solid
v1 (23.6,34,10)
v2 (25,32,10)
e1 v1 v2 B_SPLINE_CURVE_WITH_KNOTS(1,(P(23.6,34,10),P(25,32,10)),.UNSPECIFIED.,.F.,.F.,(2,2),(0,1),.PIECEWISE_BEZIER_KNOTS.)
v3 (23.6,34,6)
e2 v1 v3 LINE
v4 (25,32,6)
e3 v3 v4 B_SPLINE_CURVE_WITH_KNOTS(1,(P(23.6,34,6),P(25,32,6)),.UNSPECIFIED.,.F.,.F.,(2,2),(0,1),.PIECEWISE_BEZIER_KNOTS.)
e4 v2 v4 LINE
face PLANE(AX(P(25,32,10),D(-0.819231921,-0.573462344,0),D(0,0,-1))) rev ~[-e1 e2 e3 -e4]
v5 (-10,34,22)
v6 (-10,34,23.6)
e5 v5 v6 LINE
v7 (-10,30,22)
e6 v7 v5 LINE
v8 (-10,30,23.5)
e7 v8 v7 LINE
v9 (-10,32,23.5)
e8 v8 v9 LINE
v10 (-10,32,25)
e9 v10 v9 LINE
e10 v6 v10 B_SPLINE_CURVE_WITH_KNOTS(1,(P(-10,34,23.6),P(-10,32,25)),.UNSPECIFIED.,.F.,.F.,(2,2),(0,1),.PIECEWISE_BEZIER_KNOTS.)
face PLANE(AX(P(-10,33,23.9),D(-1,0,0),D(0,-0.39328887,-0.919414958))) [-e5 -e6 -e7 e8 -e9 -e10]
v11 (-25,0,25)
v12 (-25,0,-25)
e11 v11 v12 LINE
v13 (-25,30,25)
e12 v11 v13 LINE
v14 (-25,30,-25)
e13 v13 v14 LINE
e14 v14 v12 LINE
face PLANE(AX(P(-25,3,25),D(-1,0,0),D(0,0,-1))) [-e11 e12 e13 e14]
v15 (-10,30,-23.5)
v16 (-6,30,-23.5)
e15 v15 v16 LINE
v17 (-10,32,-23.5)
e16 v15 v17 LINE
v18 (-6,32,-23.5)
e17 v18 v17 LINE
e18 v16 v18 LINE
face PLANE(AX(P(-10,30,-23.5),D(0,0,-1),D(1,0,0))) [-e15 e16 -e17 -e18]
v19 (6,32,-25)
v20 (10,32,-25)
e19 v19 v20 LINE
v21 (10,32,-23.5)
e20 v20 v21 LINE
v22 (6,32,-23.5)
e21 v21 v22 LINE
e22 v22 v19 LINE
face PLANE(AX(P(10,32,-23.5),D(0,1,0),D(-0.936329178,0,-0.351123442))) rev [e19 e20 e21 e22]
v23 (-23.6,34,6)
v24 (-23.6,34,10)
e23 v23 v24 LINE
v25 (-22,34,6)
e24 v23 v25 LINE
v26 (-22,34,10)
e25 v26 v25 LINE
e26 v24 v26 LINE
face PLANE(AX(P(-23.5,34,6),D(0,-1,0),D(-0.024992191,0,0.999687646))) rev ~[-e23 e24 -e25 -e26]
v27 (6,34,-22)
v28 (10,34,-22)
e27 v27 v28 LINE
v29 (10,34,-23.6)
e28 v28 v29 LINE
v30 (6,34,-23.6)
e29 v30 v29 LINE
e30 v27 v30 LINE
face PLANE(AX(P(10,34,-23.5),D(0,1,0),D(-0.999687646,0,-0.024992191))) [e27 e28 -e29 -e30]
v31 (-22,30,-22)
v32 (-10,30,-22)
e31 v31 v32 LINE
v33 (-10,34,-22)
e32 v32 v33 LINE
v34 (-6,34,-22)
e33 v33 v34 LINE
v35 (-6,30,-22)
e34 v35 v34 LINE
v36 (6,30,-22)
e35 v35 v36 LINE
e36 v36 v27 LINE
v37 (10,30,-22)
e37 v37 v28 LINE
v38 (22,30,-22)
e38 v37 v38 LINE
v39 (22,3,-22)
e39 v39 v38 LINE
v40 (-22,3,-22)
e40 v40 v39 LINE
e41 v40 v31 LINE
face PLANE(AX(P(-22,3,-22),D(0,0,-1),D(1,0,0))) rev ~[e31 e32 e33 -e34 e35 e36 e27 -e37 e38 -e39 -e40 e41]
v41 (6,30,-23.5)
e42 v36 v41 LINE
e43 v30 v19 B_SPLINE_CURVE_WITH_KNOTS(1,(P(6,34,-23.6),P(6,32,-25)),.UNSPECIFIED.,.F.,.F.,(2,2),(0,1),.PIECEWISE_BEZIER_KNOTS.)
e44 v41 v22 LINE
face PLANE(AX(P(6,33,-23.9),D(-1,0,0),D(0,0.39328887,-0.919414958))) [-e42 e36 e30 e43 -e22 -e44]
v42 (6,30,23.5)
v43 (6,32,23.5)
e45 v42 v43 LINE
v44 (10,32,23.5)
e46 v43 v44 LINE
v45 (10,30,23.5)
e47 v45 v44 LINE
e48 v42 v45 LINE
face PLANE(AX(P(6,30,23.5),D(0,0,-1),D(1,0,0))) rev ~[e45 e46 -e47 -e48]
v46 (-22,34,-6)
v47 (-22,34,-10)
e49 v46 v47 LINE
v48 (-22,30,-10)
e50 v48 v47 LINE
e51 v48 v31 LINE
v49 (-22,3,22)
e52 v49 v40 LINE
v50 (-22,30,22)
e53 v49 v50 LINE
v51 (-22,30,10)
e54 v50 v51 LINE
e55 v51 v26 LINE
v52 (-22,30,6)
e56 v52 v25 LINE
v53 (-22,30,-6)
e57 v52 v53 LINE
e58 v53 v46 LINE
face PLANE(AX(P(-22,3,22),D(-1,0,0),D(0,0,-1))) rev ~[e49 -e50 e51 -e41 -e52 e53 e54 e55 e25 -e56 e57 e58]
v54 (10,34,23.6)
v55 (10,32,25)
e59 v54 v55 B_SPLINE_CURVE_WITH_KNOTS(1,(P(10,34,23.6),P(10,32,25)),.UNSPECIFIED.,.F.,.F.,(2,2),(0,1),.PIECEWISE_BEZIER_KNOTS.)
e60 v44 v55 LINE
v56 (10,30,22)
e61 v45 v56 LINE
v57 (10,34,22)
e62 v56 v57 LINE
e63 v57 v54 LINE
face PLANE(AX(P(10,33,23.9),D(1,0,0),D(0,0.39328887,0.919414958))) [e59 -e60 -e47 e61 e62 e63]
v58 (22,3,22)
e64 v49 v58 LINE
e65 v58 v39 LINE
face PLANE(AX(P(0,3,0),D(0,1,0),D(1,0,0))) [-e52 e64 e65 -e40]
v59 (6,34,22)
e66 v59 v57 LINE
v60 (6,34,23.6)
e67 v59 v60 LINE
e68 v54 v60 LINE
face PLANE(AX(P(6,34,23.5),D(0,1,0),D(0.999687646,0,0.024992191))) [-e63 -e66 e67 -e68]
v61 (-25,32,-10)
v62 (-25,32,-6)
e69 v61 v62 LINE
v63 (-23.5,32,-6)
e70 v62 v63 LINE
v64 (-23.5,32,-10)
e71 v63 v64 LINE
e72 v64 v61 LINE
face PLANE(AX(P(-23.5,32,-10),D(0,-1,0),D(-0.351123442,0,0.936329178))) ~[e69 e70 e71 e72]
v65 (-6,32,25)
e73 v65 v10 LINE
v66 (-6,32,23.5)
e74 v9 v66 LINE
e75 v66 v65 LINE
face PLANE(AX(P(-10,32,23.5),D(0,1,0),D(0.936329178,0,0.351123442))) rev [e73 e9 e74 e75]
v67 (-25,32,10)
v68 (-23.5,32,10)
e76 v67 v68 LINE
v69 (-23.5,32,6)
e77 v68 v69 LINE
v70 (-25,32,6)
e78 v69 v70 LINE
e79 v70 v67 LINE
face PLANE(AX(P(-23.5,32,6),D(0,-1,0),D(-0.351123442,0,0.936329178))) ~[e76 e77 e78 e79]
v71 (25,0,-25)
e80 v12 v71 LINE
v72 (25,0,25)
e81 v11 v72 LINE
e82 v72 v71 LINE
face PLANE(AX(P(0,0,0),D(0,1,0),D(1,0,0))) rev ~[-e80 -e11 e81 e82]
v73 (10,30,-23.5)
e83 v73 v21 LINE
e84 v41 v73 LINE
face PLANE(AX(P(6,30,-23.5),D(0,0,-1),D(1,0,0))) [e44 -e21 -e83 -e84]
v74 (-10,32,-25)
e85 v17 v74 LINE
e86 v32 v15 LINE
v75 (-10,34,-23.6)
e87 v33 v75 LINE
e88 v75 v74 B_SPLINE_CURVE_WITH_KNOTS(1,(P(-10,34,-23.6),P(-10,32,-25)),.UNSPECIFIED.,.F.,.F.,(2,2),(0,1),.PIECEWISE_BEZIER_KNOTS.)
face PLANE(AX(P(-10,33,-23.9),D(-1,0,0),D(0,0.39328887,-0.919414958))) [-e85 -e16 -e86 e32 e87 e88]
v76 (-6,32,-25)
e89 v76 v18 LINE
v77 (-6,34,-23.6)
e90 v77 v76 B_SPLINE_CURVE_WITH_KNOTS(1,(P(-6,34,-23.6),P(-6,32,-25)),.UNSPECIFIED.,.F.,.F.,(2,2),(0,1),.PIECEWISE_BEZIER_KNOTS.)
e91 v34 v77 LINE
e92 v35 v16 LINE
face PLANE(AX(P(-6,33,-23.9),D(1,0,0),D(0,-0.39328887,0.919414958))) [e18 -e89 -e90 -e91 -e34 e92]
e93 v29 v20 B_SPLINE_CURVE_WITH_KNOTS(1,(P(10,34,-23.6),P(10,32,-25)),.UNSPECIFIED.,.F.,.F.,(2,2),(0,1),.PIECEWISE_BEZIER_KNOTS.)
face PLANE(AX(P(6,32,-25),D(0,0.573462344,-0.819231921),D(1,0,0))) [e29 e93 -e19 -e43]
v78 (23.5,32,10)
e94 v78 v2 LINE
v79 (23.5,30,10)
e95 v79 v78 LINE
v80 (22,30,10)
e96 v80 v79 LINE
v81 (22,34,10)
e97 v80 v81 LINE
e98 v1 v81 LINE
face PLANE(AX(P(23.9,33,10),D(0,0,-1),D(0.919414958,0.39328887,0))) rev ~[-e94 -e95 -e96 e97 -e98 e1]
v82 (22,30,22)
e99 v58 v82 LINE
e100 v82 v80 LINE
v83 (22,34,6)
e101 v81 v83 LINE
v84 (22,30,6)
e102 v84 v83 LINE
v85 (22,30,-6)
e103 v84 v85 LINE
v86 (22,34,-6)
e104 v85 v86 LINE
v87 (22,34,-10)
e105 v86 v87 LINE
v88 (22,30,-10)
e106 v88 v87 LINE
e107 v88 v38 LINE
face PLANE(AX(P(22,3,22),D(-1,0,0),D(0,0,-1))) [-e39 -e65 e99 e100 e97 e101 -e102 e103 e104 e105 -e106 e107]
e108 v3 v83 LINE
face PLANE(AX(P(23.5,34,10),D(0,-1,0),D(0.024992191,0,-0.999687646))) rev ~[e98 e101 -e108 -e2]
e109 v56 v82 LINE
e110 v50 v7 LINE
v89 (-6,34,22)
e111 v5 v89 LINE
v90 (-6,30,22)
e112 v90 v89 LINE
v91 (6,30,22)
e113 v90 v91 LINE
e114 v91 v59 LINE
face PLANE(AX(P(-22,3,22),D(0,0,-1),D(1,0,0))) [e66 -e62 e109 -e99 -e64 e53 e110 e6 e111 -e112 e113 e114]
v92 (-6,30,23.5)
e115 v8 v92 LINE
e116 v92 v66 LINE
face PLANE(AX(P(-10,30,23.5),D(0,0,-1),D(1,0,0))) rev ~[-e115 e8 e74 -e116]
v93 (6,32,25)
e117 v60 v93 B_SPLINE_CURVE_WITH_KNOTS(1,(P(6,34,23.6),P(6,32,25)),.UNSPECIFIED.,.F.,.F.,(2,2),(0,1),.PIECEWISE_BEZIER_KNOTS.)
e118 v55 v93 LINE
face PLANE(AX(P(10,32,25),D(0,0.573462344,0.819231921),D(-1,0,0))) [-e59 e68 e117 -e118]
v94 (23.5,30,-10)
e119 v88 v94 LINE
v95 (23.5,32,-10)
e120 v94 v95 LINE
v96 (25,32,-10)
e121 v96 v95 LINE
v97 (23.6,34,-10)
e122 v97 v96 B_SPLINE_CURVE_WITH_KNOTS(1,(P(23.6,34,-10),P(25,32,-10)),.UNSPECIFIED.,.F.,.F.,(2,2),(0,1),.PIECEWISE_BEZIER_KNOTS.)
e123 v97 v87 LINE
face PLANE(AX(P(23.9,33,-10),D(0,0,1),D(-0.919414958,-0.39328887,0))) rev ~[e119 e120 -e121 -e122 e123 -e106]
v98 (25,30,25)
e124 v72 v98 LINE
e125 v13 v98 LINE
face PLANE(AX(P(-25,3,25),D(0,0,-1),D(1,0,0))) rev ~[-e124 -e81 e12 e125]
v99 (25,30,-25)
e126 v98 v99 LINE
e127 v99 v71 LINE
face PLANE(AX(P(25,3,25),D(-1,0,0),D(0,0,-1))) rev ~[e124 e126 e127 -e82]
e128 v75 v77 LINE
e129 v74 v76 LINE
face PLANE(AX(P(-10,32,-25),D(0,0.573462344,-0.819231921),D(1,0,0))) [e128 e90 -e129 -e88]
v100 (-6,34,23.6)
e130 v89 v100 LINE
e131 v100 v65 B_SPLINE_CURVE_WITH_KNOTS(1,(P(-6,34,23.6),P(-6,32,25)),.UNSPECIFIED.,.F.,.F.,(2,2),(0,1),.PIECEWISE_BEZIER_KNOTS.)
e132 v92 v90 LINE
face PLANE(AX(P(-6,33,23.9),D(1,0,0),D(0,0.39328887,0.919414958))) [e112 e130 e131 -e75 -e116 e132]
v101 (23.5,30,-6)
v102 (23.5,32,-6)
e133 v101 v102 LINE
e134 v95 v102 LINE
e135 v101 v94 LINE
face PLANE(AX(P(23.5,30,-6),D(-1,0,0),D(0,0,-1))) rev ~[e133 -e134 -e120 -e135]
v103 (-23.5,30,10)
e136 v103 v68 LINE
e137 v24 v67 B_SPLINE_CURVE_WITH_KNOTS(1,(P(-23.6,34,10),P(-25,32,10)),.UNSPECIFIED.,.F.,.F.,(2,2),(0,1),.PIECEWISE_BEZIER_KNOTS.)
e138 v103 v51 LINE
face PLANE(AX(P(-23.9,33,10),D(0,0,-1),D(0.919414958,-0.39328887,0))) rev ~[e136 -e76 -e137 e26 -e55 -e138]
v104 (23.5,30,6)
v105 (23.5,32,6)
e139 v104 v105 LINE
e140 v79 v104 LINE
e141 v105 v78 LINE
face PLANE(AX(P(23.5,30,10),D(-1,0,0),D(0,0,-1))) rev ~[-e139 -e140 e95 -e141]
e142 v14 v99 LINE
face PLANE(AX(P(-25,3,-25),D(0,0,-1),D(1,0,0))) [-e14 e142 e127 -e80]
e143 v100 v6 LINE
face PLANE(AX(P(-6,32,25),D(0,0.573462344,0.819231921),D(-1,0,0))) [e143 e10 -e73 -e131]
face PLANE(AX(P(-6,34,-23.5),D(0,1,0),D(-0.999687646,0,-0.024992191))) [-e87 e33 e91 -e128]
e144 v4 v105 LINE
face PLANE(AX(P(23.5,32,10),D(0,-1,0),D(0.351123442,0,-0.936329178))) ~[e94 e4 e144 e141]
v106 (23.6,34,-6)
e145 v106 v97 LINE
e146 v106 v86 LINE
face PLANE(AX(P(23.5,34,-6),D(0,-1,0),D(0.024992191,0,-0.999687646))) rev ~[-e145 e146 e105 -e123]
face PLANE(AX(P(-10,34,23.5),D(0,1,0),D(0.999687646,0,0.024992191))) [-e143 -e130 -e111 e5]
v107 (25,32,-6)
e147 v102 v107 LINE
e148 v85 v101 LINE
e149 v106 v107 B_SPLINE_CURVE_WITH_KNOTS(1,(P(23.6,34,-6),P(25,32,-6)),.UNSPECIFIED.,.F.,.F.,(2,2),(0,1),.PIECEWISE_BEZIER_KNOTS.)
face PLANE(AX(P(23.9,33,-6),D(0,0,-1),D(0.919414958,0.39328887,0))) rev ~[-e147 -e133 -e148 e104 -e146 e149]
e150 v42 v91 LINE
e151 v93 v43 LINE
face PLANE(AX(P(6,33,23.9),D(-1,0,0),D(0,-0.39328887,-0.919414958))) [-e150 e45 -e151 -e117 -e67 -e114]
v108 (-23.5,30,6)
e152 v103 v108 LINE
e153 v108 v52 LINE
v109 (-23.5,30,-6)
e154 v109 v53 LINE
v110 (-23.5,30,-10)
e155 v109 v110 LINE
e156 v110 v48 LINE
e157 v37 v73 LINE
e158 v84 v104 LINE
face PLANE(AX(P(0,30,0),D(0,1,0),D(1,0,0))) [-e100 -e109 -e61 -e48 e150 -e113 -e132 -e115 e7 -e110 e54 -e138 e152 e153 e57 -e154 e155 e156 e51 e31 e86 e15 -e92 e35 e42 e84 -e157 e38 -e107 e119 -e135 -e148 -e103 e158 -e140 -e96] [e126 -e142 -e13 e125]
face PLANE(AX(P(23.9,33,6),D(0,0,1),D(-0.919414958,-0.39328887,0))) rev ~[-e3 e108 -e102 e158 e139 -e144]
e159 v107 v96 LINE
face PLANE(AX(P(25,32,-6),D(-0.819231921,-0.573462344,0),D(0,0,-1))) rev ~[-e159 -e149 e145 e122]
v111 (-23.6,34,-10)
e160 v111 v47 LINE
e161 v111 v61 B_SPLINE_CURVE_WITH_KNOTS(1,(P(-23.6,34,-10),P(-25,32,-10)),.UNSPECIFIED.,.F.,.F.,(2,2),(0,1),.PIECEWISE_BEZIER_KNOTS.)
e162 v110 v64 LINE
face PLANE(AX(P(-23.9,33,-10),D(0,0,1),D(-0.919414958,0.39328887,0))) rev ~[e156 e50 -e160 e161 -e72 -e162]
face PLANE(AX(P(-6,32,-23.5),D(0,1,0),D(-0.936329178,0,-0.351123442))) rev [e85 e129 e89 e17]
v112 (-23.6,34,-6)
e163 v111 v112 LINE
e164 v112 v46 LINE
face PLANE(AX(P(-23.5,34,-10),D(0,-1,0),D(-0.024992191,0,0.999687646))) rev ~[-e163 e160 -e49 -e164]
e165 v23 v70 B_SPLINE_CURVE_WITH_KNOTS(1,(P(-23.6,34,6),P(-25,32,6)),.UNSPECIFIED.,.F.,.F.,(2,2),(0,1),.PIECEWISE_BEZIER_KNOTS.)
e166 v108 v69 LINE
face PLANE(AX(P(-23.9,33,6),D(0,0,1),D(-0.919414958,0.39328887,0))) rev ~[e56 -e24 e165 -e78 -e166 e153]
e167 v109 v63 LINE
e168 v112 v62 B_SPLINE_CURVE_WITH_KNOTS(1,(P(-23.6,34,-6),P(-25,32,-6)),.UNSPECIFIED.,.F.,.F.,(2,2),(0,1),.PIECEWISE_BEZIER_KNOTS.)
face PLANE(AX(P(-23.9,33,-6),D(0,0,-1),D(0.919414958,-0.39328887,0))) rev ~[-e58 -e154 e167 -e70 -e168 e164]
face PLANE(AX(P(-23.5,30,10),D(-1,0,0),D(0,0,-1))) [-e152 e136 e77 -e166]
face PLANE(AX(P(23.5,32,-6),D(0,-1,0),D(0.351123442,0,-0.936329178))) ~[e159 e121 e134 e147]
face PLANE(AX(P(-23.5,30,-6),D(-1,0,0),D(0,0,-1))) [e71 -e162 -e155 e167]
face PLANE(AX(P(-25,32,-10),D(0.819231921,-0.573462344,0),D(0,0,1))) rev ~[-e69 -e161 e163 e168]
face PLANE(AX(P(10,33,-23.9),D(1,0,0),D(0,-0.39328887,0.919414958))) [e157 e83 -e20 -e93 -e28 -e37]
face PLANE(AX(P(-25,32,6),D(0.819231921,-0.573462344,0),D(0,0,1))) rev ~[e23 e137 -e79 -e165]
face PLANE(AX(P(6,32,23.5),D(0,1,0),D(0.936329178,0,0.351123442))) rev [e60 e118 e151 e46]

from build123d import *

# Parameters (mm, degrees)
SKETCH_1_W      = 50
SKETCH_1_H      = 50
EXTRUDE_1_DEPTH = 3
SKETCH_2_W      = 50
SKETCH_2_H      = 50
SKETCH_2_W_2    = 44
SKETCH_2_H_2    = 44
EXTRUDE_2_DEPTH = 27
SKETCH_3_W      = 4
SKETCH_3_H      = 1.5
SKETCH_3_W_2    = 1.5
SKETCH_3_H_2    = 4
EXTRUDE_3_DEPTH = 4


with BuildPart() as part:
    # 草图1 → 凸台-拉伸1 (new body)
    with BuildSketch(Plane(origin=(0, 0, 0), x_dir=(1, 0, 0), z_dir=(0, 1, 0))):
        Rectangle(SKETCH_1_W, SKETCH_1_H)
    extrude(amount=EXTRUDE_1_DEPTH)

    # 草图2 → 凸台-拉伸2 (add)
    with BuildSketch(Plane(origin=(0, 3, 0), x_dir=(1, 0, 0), z_dir=(0, 1, 0))):
        Rectangle(SKETCH_2_W, SKETCH_2_H)
        Rectangle(SKETCH_2_W_2, SKETCH_2_H_2, mode=Mode.SUBTRACT)
    extrude(amount=EXTRUDE_2_DEPTH)

    # 草图3 → 凸台-拉伸3 (add)
    with BuildSketch(Plane(origin=(0, 30, 0), x_dir=(1, 0, 0), z_dir=(0, 1, 0))):
        with Locations((-8, -22.75)):
            Rectangle(SKETCH_3_W, SKETCH_3_H)
        with Locations((8, -22.75)):
            Rectangle(SKETCH_3_W, SKETCH_3_H)
        with Locations((-22.75, 8)):
            Rectangle(SKETCH_3_W_2, SKETCH_3_H_2)
        with Locations((-22.75, -8)):
            Rectangle(SKETCH_3_W_2, SKETCH_3_H_2)
        with Locations((8, 22.75)):
            Rectangle(SKETCH_3_W, SKETCH_3_H)
        with Locations((-8, 22.75)):
            Rectangle(SKETCH_3_W, SKETCH_3_H)
        with Locations((22.75, -8)):
            Rectangle(SKETCH_3_W_2, SKETCH_3_H_2)
        with Locations((22.75, 8)):
            Rectangle(SKETCH_3_W_2, SKETCH_3_H_2)
    extrude(amount=EXTRUDE_3_DEPTH)

    # 草图4 → 放样2 section 0
    with BuildSketch(Plane(origin=(0, 34, 0), x_dir=(1, 0, 0), z_dir=(0, 1, 0))):
        with BuildLine():
            Line((-23.5, 10), (-23.6, 10))
            Line((-23.6, 10), (-23.6, 6))
            Line((-23.6, 6), (-23.5, 6))
            Line((-23.5, 6), (-23.5, 10))
        make_face()
    # 草图6 → 放样2 section 1
    with BuildSketch(Plane(origin=(0, 32, 0), x_dir=(1, 0, 0), z_dir=(0, 1, 0))):
        with BuildLine():
            Line((-23.5, 10), (-25, 10))
            Line((-25, 10), (-25, 6))
            Line((-25, 6), (-23.5, 6))
            Line((-23.5, 6), (-23.5, 10))
        make_face()
    loft()

    # 草图8 → 放样3 section 0
    with BuildSketch(Plane(origin=(0, 34, 0), x_dir=(1, 0, 0), z_dir=(0, 1, 0))):
        with BuildLine():
            Line((-23.5, -6), (-23.6, -6))
            Line((-23.6, -6), (-23.6, -10))
            Line((-23.6, -10), (-23.5, -10))
            Line((-23.5, -10), (-23.5, -6))
        make_face()
    # 草图9 → 放样3 section 1
    with BuildSketch(Plane(origin=(0, 32, 0), x_dir=(1, 0, 0), z_dir=(0, 1, 0))):
        with BuildLine():
            Line((-23.5, -6), (-25, -6))
            Line((-25, -6), (-25, -10))
            Line((-25, -10), (-23.5, -10))
            Line((-23.5, -10), (-23.5, -6))
        make_face()
    loft()

    # 草图10 → 放样4 section 0
    with BuildSketch(Plane(origin=(0, 34, 0), x_dir=(1, 0, 0), z_dir=(0, 1, 0))):
        with BuildLine():
            Line((-10, -23.5), (-6, -23.5))
            Line((-6, -23.5), (-6, -23.6))
            Line((-6, -23.6), (-10, -23.6))
            Line((-10, -23.6), (-10, -23.5))
        make_face()
    # 草图11 → 放样4 section 1
    with BuildSketch(Plane(origin=(0, 32, 0), x_dir=(1, 0, 0), z_dir=(0, 1, 0))):
        with BuildLine():
            Line((-10, -23.5), (-6, -23.5))
            Line((-6, -23.5), (-6, -25))
            Line((-6, -25), (-10, -25))
            Line((-10, -25), (-10, -23.5))
        make_face()
    loft()

    # 草图12 → 放样5 section 0
    with BuildSketch(Plane(origin=(0, 34, 0), x_dir=(1, 0, 0), z_dir=(0, 1, 0))):
        with BuildLine():
            Line((6, -23.5), (10, -23.5))
            Line((10, -23.5), (10, -23.6))
            Line((10, -23.6), (6, -23.6))
            Line((6, -23.6), (6, -23.5))
        make_face()
    # 草图13 → 放样5 section 1
    with BuildSketch(Plane(origin=(0, 32, 0), x_dir=(1, 0, 0), z_dir=(0, 1, 0))):
        with BuildLine():
            Line((6, -23.5), (10, -23.5))
            Line((10, -23.5), (10, -25))
            Line((10, -25), (6, -25))
            Line((6, -25), (6, -23.5))
        make_face()
    loft()

    # 草图14 → 放样6 section 0
    with BuildSketch(Plane(origin=(0, 34, 0), x_dir=(1, 0, 0), z_dir=(0, 1, 0))):
        with BuildLine():
            Line((23.5, -10), (23.6, -10))
            Line((23.6, -10), (23.6, -6))
            Line((23.6, -6), (23.5, -6))
            Line((23.5, -6), (23.5, -10))
        make_face()
    # 草图15 → 放样6 section 1
    with BuildSketch(Plane(origin=(0, 32, 0), x_dir=(1, 0, 0), z_dir=(0, 1, 0))):
        with BuildLine():
            Line((23.5, -10), (25, -10))
            Line((25, -10), (25, -6))
            Line((25, -6), (23.5, -6))
            Line((23.5, -6), (23.5, -10))
        make_face()
    loft()

    # 草图16 → 放样7 section 0
    with BuildSketch(Plane(origin=(0, 34, 0), x_dir=(1, 0, 0), z_dir=(0, 1, 0))):
        with BuildLine():
            Line((23.5, 6), (23.6, 6))
            Line((23.6, 6), (23.6, 10))
            Line((23.6, 10), (23.5, 10))
            Line((23.5, 10), (23.5, 6))
        make_face()
    # 草图17 → 放样7 section 1
    with BuildSketch(Plane(origin=(0, 32, 0), x_dir=(1, 0, 0), z_dir=(0, 1, 0))):
        with BuildLine():
            Line((23.5, 6), (25, 6))
            Line((25, 6), (25, 10))
            Line((25, 10), (23.5, 10))
            Line((23.5, 10), (23.5, 6))
        make_face()
    loft()

    # 草图18 → 放样8 section 0
    with BuildSketch(Plane(origin=(0, 34, 0), x_dir=(1, 0, 0), z_dir=(0, 1, 0))):
        with BuildLine():
            Line((-6, 23.5), (-10, 23.5))
            Line((-10, 23.5), (-10, 23.6))
            Line((-10, 23.6), (-6, 23.6))
            Line((-6, 23.6), (-6, 23.5))
        make_face()
    # 草图19 → 放样8 section 1
    with BuildSketch(Plane(origin=(0, 32, 0), x_dir=(1, 0, 0), z_dir=(0, 1, 0))):
        with BuildLine():
            Line((-6, 23.5), (-10, 23.5))
            Line((-10, 23.5), (-10, 25))
            Line((-10, 25), (-6, 25))
            Line((-6, 25), (-6, 23.5))
        make_face()
    loft()

    # 草图20 → 放样9 section 0
    with BuildSketch(Plane(origin=(0, 34, 0), x_dir=(1, 0, 0), z_dir=(0, 1, 0))):
        with BuildLine():
            Line((10, 23.5), (6, 23.5))
            Line((6, 23.5), (6, 23.6))
            Line((6, 23.6), (10, 23.6))
            Line((10, 23.6), (10, 23.5))
        make_face()
    # 草图21 → 放样9 section 1
    with BuildSketch(Plane(origin=(0, 32, 0), x_dir=(1, 0, 0), z_dir=(0, 1, 0))):
        with BuildLine():
            Line((10, 23.5), (6, 23.5))
            Line((6, 23.5), (6, 25))
            Line((6, 25), (10, 25))
            Line((10, 25), (10, 23.5))
        make_face()
    loft()


solid = part.part
